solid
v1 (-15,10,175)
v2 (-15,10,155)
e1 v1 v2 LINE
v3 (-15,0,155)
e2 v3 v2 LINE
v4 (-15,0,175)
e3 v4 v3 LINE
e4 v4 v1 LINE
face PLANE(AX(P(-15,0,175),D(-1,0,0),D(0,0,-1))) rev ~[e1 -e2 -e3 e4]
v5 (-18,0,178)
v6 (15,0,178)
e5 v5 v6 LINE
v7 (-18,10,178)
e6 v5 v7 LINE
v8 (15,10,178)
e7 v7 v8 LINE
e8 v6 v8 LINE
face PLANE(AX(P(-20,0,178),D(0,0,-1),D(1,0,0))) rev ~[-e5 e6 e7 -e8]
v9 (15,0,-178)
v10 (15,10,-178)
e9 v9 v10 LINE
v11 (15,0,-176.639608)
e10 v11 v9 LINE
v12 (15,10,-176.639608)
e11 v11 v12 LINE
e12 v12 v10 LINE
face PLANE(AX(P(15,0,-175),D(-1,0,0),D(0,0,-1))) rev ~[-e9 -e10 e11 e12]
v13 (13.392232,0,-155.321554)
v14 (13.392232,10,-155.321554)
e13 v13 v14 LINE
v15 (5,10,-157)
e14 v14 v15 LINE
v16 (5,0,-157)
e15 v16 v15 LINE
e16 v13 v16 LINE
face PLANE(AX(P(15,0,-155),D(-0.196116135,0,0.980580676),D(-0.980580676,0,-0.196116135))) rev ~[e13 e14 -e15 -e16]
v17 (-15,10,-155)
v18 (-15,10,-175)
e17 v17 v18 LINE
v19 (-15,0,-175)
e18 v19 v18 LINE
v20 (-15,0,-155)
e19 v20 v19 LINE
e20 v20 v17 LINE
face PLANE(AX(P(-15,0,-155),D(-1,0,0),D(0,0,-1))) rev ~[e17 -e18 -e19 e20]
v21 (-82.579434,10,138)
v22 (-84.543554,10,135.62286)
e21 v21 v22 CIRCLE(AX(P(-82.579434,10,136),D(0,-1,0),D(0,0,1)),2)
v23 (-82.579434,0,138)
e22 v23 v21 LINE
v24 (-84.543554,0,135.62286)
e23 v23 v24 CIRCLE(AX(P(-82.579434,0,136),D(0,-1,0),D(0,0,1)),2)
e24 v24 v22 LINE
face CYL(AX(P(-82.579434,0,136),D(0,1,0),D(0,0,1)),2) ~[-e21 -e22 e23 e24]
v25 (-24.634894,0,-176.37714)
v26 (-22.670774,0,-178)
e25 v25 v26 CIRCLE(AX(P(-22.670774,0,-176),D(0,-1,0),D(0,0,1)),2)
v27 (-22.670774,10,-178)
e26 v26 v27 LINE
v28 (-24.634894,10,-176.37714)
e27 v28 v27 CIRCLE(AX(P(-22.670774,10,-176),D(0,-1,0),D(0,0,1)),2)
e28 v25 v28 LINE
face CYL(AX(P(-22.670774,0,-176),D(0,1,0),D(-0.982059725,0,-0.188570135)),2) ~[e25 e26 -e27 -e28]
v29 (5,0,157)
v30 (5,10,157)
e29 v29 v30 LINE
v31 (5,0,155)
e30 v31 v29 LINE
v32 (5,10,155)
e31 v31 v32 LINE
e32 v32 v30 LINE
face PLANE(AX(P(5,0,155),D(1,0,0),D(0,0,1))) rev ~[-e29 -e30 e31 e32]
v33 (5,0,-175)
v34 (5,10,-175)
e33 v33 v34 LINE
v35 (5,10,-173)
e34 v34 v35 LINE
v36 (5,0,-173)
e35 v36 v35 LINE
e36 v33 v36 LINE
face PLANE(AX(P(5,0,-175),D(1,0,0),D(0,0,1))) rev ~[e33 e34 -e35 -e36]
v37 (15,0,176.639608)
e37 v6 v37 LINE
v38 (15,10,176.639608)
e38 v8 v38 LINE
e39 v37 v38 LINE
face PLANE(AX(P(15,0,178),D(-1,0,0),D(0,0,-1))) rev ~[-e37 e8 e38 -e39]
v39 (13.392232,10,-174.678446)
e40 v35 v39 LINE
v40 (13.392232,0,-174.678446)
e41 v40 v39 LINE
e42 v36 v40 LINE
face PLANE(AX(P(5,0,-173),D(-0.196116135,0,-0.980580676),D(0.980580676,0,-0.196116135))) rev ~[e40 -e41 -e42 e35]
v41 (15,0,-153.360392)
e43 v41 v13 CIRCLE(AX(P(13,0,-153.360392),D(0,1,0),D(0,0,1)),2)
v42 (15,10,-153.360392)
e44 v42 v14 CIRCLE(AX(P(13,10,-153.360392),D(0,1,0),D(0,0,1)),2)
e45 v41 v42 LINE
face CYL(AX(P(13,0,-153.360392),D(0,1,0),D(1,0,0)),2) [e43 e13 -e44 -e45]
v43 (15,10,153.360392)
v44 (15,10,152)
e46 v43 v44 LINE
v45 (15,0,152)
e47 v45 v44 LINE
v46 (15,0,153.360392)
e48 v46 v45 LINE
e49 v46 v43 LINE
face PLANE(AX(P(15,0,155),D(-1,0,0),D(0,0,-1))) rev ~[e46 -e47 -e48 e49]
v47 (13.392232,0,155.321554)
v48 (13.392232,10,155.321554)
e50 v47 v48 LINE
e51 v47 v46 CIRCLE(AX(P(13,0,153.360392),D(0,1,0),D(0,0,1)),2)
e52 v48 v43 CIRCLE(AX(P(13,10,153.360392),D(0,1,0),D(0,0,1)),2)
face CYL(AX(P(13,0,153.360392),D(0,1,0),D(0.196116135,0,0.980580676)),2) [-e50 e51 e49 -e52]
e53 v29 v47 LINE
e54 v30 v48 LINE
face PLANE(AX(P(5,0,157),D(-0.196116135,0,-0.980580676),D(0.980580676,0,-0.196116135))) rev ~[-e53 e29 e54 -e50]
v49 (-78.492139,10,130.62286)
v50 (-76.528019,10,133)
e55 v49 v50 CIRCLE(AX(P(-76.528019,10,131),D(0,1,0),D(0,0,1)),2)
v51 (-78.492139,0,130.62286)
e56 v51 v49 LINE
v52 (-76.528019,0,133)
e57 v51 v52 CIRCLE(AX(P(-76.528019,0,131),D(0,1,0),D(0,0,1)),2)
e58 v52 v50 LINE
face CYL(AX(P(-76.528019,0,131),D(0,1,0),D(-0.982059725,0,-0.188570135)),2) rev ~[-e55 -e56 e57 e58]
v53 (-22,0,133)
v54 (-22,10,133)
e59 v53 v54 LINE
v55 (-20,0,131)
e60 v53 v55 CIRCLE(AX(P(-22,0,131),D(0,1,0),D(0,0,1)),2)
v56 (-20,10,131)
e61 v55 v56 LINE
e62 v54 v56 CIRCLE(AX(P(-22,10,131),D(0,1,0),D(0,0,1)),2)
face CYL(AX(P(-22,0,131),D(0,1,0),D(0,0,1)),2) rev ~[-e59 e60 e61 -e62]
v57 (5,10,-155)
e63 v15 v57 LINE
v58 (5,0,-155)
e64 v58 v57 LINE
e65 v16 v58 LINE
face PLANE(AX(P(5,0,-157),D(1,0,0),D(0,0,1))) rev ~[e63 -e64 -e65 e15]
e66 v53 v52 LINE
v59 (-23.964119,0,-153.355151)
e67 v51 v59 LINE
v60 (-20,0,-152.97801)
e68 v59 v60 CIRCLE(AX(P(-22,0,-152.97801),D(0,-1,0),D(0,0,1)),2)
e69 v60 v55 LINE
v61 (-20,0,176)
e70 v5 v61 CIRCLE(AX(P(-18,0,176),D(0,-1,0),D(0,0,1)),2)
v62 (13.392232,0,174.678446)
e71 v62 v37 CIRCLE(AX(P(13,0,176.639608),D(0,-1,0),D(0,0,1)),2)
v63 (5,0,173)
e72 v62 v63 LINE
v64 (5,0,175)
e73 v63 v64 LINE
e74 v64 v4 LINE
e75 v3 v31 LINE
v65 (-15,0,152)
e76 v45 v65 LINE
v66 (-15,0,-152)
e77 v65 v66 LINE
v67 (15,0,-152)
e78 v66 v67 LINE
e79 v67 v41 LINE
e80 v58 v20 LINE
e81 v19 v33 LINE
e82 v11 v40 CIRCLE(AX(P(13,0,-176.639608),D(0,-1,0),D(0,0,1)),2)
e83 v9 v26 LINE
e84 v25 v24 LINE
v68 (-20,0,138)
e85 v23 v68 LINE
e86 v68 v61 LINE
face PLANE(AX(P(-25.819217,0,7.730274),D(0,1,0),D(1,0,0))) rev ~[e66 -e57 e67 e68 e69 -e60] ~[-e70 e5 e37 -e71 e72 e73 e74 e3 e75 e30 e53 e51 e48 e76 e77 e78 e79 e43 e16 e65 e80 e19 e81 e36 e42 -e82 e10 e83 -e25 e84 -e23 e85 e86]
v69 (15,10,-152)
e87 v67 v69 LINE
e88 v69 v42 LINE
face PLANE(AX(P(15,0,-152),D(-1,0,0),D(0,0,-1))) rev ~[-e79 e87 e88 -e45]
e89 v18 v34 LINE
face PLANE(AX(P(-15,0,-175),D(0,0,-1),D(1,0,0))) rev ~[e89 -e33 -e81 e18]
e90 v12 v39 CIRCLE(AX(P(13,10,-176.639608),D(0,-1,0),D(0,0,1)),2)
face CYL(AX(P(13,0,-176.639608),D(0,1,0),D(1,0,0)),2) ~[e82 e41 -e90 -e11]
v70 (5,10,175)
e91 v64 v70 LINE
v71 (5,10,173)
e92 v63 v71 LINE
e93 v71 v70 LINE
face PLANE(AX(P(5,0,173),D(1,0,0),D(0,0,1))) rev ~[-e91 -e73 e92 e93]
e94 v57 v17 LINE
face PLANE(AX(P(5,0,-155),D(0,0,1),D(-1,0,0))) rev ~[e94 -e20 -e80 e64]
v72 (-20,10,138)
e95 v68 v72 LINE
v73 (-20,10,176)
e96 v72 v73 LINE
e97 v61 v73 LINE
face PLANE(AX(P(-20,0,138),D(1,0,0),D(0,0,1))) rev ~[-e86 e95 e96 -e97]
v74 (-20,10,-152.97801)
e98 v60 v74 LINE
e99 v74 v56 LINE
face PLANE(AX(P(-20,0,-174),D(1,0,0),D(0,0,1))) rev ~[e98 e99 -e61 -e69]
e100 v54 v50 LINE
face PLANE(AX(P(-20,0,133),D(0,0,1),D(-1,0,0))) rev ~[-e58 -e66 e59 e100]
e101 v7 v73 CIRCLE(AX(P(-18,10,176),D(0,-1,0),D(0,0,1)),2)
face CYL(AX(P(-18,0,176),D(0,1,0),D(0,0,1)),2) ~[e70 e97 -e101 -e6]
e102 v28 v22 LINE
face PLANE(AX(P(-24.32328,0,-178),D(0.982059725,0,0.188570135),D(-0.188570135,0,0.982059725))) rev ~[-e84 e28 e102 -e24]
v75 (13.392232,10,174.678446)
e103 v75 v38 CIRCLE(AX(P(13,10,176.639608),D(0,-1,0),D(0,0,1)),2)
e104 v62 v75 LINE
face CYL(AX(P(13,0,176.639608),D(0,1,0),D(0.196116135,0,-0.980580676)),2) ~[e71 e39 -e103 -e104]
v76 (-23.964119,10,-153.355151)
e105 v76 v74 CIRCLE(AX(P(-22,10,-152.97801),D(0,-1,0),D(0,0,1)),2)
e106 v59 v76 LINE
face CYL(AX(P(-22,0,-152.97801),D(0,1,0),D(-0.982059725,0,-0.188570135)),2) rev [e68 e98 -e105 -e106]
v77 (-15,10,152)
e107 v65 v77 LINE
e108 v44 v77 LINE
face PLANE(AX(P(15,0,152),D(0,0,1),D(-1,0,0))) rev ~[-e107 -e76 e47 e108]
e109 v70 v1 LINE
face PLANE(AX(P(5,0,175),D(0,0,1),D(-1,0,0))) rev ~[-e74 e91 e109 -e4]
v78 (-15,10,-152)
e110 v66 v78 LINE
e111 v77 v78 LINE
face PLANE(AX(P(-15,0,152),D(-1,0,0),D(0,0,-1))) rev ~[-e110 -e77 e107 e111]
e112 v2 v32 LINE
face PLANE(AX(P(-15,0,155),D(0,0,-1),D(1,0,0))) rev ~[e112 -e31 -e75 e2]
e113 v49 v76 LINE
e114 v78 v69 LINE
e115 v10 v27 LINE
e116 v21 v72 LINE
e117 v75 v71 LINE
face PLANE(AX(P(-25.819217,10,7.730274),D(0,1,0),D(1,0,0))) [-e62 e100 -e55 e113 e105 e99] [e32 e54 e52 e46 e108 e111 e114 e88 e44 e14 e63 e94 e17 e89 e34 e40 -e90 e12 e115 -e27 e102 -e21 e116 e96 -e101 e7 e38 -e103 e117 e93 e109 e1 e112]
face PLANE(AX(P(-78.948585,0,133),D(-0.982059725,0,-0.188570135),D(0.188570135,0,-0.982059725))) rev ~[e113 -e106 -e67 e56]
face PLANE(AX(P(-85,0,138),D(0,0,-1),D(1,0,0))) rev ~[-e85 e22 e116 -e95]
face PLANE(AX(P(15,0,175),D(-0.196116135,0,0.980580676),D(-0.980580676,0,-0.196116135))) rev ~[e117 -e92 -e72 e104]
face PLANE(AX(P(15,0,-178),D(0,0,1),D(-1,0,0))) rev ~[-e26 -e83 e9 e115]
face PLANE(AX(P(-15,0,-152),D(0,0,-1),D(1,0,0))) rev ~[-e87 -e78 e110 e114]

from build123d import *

# Parameters (mm, degrees)
EXTRUDE_1_DEPTH = 10
FILLET_1_R      = 2


with BuildPart() as part:
    # 草图1 → 凸台-拉伸1 (new body)
    with BuildSketch(Plane(origin=(0, 0, 0), x_dir=(1, 0, 0), z_dir=(0, 1, 0))):
        Polygon((-15, -175), (-15, -155), (5, -155), (5, -157), (15, -155), (15, -152), (-15, -152), (-15, 152), (15, 152), (15, 155), (5, 157), (5, 155), (-15, 155), (-15, 175), (5, 175), (5, 173), (15, 175), (15, 178), (-24.323280296, 178), (-85, -138), (-20, -138), (-20, -178), (15, -178), (15, -175), (5, -173), (5, -175), align=None)
        Polygon((-20, 174), (-20, -133), (-78.948585282, -133), align=None, mode=Mode.SUBTRACT)
    extrude(amount=EXTRUDE_1_DEPTH)

    # 圆角1
    fillet_1_edges = [part.edges().sort_by_distance(p)[0] for p in [
        (-24.323280296, 5, -178),
        (-85, 5, 138),
        (-20, 5, 178),
        (15, 5, 175),
        (15, 5, -155),
        (15, 5, -175),
        (-20, 5, -174),
        (-20, 5, 133),
        (-78.948585282, 5, 133),
        (15, 5, 155),
    ]]
    fillet(fillet_1_edges, radius=FILLET_1_R)


solid = part.part
